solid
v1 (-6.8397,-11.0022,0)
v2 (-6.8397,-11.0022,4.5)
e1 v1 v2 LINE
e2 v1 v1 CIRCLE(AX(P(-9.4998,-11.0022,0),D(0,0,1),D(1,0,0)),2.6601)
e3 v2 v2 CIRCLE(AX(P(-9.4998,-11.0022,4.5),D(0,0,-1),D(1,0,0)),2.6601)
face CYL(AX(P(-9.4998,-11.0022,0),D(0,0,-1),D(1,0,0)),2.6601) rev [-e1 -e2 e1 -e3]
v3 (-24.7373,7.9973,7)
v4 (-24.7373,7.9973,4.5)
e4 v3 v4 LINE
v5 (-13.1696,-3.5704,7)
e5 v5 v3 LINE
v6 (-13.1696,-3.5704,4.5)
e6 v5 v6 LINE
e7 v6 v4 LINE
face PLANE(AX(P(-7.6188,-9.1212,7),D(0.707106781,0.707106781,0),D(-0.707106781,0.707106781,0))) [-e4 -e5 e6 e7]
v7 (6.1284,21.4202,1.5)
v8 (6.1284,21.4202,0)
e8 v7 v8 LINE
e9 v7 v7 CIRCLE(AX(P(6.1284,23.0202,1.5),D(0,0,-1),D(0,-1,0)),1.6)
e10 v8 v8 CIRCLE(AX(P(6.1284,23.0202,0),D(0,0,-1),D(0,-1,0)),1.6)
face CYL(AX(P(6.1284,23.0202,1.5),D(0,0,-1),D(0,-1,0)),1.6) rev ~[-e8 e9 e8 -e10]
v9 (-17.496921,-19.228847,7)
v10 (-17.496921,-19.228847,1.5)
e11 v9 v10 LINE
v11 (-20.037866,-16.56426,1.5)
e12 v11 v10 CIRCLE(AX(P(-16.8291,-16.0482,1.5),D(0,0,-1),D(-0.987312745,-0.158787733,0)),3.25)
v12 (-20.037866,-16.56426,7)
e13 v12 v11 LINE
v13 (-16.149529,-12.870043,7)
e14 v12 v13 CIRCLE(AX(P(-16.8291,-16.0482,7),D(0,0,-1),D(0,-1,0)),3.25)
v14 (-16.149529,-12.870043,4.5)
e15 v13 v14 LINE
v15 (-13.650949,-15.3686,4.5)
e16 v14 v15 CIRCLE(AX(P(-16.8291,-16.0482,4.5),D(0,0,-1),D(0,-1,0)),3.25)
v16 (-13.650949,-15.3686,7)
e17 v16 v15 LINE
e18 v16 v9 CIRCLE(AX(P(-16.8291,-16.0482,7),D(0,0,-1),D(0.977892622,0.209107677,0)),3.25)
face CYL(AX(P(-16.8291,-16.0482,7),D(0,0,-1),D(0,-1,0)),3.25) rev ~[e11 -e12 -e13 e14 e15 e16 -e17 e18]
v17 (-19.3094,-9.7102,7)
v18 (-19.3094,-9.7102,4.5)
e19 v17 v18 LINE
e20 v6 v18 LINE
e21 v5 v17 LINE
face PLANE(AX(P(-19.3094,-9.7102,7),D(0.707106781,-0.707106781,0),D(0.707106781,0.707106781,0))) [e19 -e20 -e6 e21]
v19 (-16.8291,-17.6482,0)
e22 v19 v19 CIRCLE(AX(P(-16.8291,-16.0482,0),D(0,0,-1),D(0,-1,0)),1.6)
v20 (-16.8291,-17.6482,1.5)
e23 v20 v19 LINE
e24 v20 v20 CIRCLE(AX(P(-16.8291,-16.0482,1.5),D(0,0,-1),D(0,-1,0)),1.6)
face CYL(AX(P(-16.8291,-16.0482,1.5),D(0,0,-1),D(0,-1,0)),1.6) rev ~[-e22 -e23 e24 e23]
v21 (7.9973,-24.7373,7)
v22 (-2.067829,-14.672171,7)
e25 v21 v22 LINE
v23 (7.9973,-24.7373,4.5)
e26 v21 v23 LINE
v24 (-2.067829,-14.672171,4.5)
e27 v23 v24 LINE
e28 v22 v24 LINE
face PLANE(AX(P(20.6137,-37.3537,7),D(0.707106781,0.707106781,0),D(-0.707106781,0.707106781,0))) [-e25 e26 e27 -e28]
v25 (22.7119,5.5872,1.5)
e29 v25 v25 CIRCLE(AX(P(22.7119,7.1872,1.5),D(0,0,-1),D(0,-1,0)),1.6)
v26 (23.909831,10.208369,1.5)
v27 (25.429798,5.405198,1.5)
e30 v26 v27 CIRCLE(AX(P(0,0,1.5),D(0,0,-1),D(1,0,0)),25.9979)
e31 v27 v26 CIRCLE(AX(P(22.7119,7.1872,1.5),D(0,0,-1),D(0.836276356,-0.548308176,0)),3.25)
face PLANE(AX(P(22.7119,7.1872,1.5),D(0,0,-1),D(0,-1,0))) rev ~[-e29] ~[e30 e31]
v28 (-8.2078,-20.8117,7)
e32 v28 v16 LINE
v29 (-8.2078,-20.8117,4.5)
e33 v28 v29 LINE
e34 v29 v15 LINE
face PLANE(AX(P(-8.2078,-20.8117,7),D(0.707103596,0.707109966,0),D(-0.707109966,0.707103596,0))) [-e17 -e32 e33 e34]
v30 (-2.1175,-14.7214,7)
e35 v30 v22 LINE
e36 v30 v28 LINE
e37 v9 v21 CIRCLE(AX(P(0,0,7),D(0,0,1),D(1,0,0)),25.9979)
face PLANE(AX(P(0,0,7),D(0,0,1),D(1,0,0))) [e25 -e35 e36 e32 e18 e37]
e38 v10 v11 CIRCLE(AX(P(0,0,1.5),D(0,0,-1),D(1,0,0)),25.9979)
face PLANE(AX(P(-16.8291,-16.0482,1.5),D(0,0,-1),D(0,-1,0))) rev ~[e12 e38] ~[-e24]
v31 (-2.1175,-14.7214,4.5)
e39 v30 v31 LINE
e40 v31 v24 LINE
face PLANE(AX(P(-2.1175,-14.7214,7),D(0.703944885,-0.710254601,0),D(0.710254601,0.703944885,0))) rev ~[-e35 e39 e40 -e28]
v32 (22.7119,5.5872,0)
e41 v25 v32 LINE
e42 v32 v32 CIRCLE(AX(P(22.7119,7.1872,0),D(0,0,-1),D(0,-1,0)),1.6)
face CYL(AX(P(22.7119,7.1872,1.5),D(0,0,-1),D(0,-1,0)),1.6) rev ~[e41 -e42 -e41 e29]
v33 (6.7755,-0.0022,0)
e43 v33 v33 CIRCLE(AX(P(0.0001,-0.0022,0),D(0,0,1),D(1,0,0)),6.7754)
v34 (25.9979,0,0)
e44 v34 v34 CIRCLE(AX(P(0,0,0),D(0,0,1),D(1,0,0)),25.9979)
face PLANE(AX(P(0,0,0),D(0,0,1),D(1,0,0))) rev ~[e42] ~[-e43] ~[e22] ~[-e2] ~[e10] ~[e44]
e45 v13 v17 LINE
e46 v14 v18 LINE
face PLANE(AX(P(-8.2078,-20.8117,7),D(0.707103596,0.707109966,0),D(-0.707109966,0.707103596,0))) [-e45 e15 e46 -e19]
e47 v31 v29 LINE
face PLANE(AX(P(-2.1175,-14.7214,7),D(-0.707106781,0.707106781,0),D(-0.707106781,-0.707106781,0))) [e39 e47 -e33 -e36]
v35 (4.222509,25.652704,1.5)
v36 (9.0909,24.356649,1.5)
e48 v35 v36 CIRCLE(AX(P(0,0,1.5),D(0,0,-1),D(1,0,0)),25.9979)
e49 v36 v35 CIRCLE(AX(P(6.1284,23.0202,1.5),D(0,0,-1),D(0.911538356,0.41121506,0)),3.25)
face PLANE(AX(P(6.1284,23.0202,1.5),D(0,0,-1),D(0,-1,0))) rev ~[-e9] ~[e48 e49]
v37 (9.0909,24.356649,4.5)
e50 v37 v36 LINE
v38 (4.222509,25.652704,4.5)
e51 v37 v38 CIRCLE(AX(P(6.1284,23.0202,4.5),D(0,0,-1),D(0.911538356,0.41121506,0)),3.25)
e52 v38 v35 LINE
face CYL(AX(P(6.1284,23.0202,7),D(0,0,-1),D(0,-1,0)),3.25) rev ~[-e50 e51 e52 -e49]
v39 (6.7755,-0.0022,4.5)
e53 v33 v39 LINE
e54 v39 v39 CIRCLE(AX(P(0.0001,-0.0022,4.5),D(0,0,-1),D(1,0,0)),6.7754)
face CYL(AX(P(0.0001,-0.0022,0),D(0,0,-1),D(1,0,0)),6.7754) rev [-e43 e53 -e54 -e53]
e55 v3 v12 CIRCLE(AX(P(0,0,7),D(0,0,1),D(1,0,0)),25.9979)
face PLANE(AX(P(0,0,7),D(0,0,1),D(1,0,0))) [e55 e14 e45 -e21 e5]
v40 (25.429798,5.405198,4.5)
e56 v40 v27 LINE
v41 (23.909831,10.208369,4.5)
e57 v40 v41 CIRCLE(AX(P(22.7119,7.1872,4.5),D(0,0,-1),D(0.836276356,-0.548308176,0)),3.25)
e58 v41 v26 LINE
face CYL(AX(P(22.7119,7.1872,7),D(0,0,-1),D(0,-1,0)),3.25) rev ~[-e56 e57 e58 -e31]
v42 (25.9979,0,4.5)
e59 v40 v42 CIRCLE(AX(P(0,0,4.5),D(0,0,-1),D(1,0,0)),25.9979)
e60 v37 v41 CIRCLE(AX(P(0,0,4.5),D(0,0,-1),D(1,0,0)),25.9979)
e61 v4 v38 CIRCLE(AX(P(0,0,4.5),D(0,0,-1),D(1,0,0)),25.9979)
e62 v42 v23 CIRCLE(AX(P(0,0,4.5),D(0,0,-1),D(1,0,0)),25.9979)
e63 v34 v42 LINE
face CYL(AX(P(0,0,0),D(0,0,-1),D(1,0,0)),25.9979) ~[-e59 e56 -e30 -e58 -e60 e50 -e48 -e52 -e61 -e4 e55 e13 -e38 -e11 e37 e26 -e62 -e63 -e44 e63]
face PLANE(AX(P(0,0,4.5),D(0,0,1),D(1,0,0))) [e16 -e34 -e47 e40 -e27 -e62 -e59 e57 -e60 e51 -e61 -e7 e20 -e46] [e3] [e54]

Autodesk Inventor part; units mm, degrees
ref_plane "YZ Plane" through (0, 0, 0) normal (1, 0, 0) x (0, 1, 0)
ref_plane "XZ Plane" through (0, 0, 0) normal (0, 1, 0) x (-1, 0, 0)
ref_plane "XY Plane" through (0, 0, 0) normal (0, 0, 1) x (1, 0, 0)
ref_plane "Work Plane1" through (0, 0, 0) normal (0, 0, 1) x (1, 0, 0)
sketch "Sketch1" plane through (0, 0, 0) normal (0, 0, 1) x (1, 0, 0)
  circle A0 centre (0, 0) radius 25.9979 projected
  circle A1 centre (-9.4998, -11.0022) radius 2.6601 projected
  circle A2 centre (0.0001, -0.0022) radius 3.8801 projected
  circle A3 centre (0.0001, -0.0022) radius 6.7754 projected
  point P0 (0, 0)
extrude "Extrusion1" add sketch "Sketch1" along normal blind 7 contours A0
sketch "Sketch2" plane through (0, 0, 7) normal (0, 0, 1) x (1, 0, 0)
  line L0 (-10.4551, 50.2837) -> (48.898, -9.0695)
  line L1 (48.898, -9.0695) -> (20.6137, -37.3537)
  line L2 (20.6137, -37.3537) -> (-38.7394, 21.9994)
  line L3 (-38.7394, 21.9994) -> (-10.4551, 50.2837)
  line L4 (-10.4551, 50.2837) -> (20.6137, -37.3537) construction
  line L5 (48.898, -9.0695) -> (-38.7394, 21.9994) construction
  line L6 (-10.4551, 50.2837) -> (73.4829, 50.2837) construction
  circle A0 centre (-9.4998, -11.0022) radius 2.6601 projected
  point P0 (5.0793, 6.465)
  dimension "d2" = 135
  dimension "d3" = 40
extrude "Extrusion2" cut sketch "Sketch2" against normal blind 2.5 contours L0 L1 L2 L3
sketch "Sketch3" plane through (0, 0, 7) normal (0, 0, 1) x (1, 0, 0)
  line L0 (-7.7936, -20.2561) -> (-2.9652, -15.4277) projected
  line L1 (-18.7537, -9.2959) -> (-13.9253, -4.4675) projected
  line L2 (-13.219, -3.6198) -> (-2.1175, -14.7214)
  line L3 (-2.1175, -14.7214) -> (-8.2078, -20.8117)
  line L4 (-8.2078, -20.8117) -> (-19.3094, -9.7102)
  line L5 (-19.3094, -9.7102) -> (-13.219, -3.6198)
  line L6 (-7.6188, -9.1212) -> (-24.7373, 7.9973) projected
  line L7 (-13.1696, -3.5704) -> (-2.1175, -14.7214)
  line L8 (-2.1175, -14.7214) -> (-0.0463, -12.6686)
  line L9 (-0.0463, -12.6686) -> (-11.0984, -1.5176)
  line L10 (-11.0984, -1.5176) -> (-13.1696, -3.5704)
  line L11 (-13.1696, -3.5704) -> (-13.219, -3.6198)
  line L12 (7.9973, -24.7373) -> (-24.7373, 7.9973) projected
  line L13 (-13.9253, -4.4675) -> (-2.9652, -15.4277) projected
  line L14 (-7.7936, -20.2561) -> (-18.7537, -9.2959) projected
  point P0 (0, 0)
  point P1 (-8.9176, -8.4066)
  point P2 (-24.7373, 7.9973)
  dimension "d6" = 0.1
extrude "Extrusion3" cut sketch "Sketch3" against normal up to surface (2.5 mm away) contours L14 L1 L13 L0 | L11 L7 L2 | L2 L3 L4 L5 | L7 L6 L12 L8 | L10 L9 L8 L12 L6
sketch "Skizze4" plane through (0, 0, 7) normal (0, 0, 1) x (1, 0, 0)
  spline S0 degree 2 poles (24.1427, 2.2394) (24.731, 1.8489) (25.3785, 0.5587) (25.3785, -0.3311) knots 0 0 0 1 2 2 2 construction
  spline S1 degree 2 poles (25.3785, -0.3311) (25.3785, -1.1665) (24.7013, -2.5111) (24.1328, -2.8867) knots 0 0 0 1 2 2 2 construction
  spline S2 degree 2 poles (24.1328, -2.8867) (23.6682, -3.1784) (22.7141, -3.3761) (21.9726, -3.3761) knots 0 0 0 1 2 2 2 construction
  line L0 (21.9726, -3.3761) -> (20.5687, -3.3761) construction
  line L1 (20.5687, -3.3761) -> (20.5687, 2.7239) construction
  line L2 (20.5687, 2.7239) -> (21.9578, 2.7239) construction
  spline S3 degree 2 poles (21.9578, 2.7239) (22.8179, 2.7239) (23.7967, 2.4668) (24.1427, 2.2394) knots 0 0 0 1 2 2 2 construction
  spline S4 degree 2 poles (19.1896, -2.9312) (18.8979, -3.1982) (18.1564, -3.4849) (17.5978, -3.4849) knots 0 0 0 1 2 2 2 construction
  spline S5 degree 2 poles (17.5978, -3.4849) (16.9354, -3.4849) (16.0061, -3.2081) (15.5958, -3.0103) knots 0 0 0 1 2 2 2 construction
  line L3 (15.5958, -3.0103) -> (15.5958, -1.992) construction
  line L4 (15.5958, -1.992) -> (15.6551, -1.992) construction
  spline S6 degree 2 poles (15.6551, -1.992) (16.0555, -2.3677) (17.0689, -2.7829) (17.5385, -2.7829) knots 0 0 0 1 2 2 2 construction
  spline S7 degree 2 poles (17.5385, -2.7829) (18.2108, -2.7829) (18.8979, -2.2243) (18.8979, -1.7646) knots 0 0 0 1 2 2 2 construction
  spline S8 degree 2 poles (18.8979, -1.7646) (18.8979, -1.3988) (18.5371, -0.944) (18.1465, -0.8303) knots 0 0 0 1 2 2 2 construction
  spline S9 degree 2 poles (18.1465, -0.8303) (17.8648, -0.7513) (17.3952, -0.6425) (17.0442, -0.5535) knots 0 0 0 1 2 2 2 construction
  spline S10 degree 2 poles (17.0442, -0.5535) (16.7278, -0.4695) (16.2285, -0.2174) (16.0358, -0.0147) knots 0 0 0 1 2 2 2 construction
  spline S11 degree 2 poles (16.0358, -0.0147) (15.8479, 0.188) (15.6403, 0.7317) (15.6403, 1.0876) knots 0 0 0 1 2 2 2 construction
  spline S12 degree 2 poles (15.6403, 1.0876) (15.6403, 1.8291) (16.797, 2.8326) (17.6918, 2.8326) knots 0 0 0 1 2 2 2 construction
  spline S13 degree 2 poles (17.6918, 2.8326) (18.2059, 2.8326) (19.1154, 2.6299) (19.5059, 2.4372) knots 0 0 0 1 2 2 2 construction
  line L5 (19.5059, 2.4372) -> (19.5059, 1.4683) construction
  line L6 (19.5059, 1.4683) -> (19.4466, 1.4683) construction
  spline S14 degree 2 poles (19.4466, 1.4683) (19.155, 1.7352) (18.2454, 2.1307) (17.7461, 2.1307) knots 0 0 0 1 2 2 2 construction
  spline S15 degree 2 poles (17.7461, 2.1307) (17.1826, 2.1307) (16.4856, 1.6017) (16.4856, 1.1717) knots 0 0 0 1 2 2 2 construction
  spline S16 degree 2 poles (16.4856, 1.1717) (16.4856, 0.7861) (16.8959, 0.3264) (17.2815, 0.2226) knots 0 0 0 1 2 2 2 construction
  spline S17 degree 2 poles (17.2815, 0.2226) (17.5385, 0.1534) (18.285, -0.0246) (18.5321, -0.0987) knots 0 0 0 1 2 2 2 construction
  spline S18 degree 2 poles (18.5321, -0.0987) (19.1599, -0.2915) (19.7432, -1.0676) (19.7432, -1.6361) knots 0 0 0 1 2 2 2 construction
  spline S19 degree 2 poles (19.7432, -1.6361) (19.7432, -1.997) (19.4516, -2.689) (19.1896, -2.9312) knots 0 0 0 1 2 2 2 construction
  circle A0 centre (-9.9998, 17.4978) radius 1.3999 construction
  circle A1 centre (10.0001, 17.4979) radius 1.4 construction
  circle A2 centre (10.0001, -17.5021) radius 1.4 construction
  circle A3 centre (-9.9998, -17.5021) radius 1.4001 construction
  arc A4 (-25.1198, 6.6998) -> (-24.1417, 5.4917) centre (-24.1417, 6.4917) ccw construction
  line L7 (-24.1417, 5.4917) -> (-17.7002, 5.4917) construction
  arc A5 (-15.7002, 3.4917) -> (-17.7002, 5.4917) centre (-17.7002, 3.4917) ccw construction
  line L8 (-15.7002, 3.4917) -> (-15.7002, -4.496) construction
  arc A6 (-17.7002, -6.496) -> (-15.7002, -4.496) centre (-17.7002, -4.496) ccw construction
  line L9 (-17.7002, -6.496) -> (-23.8502, -6.496) construction
  arc A7 (-23.8502, -6.496) -> (-24.8235, -7.7254) centre (-23.8502, -7.496) ccw construction
  arc A8 (-24.8235, -7.7254) -> (-25.1198, 6.6998) centre (0, 0) ccw construction
  circle A9 centre (-9.4998, -11.0022) radius 2.6601 construction
  circle A10 centre (-16.8291, -16.0482) radius 1.4 construction
  circle A11 centre (6.1284, 23.0202) radius 1.4 construction
  circle A12 centre (22.7119, 7.1872) radius 1.4 construction
  circle A13 centre (0.0001, -0.0022) radius 6.5 construction
  point P0 (0, 0)
hole "Bohrung1" at (6.1284, 23.0202, 7) at (22.7119, 7.1872, 7) at (-16.8291, -16.0482, 7) direction (0, 0, -1) diameter 3.2 end through all counterbore diameter 6.5 counterbore depth 5.5
properties part number "Matchboxscope_sample_universal"
